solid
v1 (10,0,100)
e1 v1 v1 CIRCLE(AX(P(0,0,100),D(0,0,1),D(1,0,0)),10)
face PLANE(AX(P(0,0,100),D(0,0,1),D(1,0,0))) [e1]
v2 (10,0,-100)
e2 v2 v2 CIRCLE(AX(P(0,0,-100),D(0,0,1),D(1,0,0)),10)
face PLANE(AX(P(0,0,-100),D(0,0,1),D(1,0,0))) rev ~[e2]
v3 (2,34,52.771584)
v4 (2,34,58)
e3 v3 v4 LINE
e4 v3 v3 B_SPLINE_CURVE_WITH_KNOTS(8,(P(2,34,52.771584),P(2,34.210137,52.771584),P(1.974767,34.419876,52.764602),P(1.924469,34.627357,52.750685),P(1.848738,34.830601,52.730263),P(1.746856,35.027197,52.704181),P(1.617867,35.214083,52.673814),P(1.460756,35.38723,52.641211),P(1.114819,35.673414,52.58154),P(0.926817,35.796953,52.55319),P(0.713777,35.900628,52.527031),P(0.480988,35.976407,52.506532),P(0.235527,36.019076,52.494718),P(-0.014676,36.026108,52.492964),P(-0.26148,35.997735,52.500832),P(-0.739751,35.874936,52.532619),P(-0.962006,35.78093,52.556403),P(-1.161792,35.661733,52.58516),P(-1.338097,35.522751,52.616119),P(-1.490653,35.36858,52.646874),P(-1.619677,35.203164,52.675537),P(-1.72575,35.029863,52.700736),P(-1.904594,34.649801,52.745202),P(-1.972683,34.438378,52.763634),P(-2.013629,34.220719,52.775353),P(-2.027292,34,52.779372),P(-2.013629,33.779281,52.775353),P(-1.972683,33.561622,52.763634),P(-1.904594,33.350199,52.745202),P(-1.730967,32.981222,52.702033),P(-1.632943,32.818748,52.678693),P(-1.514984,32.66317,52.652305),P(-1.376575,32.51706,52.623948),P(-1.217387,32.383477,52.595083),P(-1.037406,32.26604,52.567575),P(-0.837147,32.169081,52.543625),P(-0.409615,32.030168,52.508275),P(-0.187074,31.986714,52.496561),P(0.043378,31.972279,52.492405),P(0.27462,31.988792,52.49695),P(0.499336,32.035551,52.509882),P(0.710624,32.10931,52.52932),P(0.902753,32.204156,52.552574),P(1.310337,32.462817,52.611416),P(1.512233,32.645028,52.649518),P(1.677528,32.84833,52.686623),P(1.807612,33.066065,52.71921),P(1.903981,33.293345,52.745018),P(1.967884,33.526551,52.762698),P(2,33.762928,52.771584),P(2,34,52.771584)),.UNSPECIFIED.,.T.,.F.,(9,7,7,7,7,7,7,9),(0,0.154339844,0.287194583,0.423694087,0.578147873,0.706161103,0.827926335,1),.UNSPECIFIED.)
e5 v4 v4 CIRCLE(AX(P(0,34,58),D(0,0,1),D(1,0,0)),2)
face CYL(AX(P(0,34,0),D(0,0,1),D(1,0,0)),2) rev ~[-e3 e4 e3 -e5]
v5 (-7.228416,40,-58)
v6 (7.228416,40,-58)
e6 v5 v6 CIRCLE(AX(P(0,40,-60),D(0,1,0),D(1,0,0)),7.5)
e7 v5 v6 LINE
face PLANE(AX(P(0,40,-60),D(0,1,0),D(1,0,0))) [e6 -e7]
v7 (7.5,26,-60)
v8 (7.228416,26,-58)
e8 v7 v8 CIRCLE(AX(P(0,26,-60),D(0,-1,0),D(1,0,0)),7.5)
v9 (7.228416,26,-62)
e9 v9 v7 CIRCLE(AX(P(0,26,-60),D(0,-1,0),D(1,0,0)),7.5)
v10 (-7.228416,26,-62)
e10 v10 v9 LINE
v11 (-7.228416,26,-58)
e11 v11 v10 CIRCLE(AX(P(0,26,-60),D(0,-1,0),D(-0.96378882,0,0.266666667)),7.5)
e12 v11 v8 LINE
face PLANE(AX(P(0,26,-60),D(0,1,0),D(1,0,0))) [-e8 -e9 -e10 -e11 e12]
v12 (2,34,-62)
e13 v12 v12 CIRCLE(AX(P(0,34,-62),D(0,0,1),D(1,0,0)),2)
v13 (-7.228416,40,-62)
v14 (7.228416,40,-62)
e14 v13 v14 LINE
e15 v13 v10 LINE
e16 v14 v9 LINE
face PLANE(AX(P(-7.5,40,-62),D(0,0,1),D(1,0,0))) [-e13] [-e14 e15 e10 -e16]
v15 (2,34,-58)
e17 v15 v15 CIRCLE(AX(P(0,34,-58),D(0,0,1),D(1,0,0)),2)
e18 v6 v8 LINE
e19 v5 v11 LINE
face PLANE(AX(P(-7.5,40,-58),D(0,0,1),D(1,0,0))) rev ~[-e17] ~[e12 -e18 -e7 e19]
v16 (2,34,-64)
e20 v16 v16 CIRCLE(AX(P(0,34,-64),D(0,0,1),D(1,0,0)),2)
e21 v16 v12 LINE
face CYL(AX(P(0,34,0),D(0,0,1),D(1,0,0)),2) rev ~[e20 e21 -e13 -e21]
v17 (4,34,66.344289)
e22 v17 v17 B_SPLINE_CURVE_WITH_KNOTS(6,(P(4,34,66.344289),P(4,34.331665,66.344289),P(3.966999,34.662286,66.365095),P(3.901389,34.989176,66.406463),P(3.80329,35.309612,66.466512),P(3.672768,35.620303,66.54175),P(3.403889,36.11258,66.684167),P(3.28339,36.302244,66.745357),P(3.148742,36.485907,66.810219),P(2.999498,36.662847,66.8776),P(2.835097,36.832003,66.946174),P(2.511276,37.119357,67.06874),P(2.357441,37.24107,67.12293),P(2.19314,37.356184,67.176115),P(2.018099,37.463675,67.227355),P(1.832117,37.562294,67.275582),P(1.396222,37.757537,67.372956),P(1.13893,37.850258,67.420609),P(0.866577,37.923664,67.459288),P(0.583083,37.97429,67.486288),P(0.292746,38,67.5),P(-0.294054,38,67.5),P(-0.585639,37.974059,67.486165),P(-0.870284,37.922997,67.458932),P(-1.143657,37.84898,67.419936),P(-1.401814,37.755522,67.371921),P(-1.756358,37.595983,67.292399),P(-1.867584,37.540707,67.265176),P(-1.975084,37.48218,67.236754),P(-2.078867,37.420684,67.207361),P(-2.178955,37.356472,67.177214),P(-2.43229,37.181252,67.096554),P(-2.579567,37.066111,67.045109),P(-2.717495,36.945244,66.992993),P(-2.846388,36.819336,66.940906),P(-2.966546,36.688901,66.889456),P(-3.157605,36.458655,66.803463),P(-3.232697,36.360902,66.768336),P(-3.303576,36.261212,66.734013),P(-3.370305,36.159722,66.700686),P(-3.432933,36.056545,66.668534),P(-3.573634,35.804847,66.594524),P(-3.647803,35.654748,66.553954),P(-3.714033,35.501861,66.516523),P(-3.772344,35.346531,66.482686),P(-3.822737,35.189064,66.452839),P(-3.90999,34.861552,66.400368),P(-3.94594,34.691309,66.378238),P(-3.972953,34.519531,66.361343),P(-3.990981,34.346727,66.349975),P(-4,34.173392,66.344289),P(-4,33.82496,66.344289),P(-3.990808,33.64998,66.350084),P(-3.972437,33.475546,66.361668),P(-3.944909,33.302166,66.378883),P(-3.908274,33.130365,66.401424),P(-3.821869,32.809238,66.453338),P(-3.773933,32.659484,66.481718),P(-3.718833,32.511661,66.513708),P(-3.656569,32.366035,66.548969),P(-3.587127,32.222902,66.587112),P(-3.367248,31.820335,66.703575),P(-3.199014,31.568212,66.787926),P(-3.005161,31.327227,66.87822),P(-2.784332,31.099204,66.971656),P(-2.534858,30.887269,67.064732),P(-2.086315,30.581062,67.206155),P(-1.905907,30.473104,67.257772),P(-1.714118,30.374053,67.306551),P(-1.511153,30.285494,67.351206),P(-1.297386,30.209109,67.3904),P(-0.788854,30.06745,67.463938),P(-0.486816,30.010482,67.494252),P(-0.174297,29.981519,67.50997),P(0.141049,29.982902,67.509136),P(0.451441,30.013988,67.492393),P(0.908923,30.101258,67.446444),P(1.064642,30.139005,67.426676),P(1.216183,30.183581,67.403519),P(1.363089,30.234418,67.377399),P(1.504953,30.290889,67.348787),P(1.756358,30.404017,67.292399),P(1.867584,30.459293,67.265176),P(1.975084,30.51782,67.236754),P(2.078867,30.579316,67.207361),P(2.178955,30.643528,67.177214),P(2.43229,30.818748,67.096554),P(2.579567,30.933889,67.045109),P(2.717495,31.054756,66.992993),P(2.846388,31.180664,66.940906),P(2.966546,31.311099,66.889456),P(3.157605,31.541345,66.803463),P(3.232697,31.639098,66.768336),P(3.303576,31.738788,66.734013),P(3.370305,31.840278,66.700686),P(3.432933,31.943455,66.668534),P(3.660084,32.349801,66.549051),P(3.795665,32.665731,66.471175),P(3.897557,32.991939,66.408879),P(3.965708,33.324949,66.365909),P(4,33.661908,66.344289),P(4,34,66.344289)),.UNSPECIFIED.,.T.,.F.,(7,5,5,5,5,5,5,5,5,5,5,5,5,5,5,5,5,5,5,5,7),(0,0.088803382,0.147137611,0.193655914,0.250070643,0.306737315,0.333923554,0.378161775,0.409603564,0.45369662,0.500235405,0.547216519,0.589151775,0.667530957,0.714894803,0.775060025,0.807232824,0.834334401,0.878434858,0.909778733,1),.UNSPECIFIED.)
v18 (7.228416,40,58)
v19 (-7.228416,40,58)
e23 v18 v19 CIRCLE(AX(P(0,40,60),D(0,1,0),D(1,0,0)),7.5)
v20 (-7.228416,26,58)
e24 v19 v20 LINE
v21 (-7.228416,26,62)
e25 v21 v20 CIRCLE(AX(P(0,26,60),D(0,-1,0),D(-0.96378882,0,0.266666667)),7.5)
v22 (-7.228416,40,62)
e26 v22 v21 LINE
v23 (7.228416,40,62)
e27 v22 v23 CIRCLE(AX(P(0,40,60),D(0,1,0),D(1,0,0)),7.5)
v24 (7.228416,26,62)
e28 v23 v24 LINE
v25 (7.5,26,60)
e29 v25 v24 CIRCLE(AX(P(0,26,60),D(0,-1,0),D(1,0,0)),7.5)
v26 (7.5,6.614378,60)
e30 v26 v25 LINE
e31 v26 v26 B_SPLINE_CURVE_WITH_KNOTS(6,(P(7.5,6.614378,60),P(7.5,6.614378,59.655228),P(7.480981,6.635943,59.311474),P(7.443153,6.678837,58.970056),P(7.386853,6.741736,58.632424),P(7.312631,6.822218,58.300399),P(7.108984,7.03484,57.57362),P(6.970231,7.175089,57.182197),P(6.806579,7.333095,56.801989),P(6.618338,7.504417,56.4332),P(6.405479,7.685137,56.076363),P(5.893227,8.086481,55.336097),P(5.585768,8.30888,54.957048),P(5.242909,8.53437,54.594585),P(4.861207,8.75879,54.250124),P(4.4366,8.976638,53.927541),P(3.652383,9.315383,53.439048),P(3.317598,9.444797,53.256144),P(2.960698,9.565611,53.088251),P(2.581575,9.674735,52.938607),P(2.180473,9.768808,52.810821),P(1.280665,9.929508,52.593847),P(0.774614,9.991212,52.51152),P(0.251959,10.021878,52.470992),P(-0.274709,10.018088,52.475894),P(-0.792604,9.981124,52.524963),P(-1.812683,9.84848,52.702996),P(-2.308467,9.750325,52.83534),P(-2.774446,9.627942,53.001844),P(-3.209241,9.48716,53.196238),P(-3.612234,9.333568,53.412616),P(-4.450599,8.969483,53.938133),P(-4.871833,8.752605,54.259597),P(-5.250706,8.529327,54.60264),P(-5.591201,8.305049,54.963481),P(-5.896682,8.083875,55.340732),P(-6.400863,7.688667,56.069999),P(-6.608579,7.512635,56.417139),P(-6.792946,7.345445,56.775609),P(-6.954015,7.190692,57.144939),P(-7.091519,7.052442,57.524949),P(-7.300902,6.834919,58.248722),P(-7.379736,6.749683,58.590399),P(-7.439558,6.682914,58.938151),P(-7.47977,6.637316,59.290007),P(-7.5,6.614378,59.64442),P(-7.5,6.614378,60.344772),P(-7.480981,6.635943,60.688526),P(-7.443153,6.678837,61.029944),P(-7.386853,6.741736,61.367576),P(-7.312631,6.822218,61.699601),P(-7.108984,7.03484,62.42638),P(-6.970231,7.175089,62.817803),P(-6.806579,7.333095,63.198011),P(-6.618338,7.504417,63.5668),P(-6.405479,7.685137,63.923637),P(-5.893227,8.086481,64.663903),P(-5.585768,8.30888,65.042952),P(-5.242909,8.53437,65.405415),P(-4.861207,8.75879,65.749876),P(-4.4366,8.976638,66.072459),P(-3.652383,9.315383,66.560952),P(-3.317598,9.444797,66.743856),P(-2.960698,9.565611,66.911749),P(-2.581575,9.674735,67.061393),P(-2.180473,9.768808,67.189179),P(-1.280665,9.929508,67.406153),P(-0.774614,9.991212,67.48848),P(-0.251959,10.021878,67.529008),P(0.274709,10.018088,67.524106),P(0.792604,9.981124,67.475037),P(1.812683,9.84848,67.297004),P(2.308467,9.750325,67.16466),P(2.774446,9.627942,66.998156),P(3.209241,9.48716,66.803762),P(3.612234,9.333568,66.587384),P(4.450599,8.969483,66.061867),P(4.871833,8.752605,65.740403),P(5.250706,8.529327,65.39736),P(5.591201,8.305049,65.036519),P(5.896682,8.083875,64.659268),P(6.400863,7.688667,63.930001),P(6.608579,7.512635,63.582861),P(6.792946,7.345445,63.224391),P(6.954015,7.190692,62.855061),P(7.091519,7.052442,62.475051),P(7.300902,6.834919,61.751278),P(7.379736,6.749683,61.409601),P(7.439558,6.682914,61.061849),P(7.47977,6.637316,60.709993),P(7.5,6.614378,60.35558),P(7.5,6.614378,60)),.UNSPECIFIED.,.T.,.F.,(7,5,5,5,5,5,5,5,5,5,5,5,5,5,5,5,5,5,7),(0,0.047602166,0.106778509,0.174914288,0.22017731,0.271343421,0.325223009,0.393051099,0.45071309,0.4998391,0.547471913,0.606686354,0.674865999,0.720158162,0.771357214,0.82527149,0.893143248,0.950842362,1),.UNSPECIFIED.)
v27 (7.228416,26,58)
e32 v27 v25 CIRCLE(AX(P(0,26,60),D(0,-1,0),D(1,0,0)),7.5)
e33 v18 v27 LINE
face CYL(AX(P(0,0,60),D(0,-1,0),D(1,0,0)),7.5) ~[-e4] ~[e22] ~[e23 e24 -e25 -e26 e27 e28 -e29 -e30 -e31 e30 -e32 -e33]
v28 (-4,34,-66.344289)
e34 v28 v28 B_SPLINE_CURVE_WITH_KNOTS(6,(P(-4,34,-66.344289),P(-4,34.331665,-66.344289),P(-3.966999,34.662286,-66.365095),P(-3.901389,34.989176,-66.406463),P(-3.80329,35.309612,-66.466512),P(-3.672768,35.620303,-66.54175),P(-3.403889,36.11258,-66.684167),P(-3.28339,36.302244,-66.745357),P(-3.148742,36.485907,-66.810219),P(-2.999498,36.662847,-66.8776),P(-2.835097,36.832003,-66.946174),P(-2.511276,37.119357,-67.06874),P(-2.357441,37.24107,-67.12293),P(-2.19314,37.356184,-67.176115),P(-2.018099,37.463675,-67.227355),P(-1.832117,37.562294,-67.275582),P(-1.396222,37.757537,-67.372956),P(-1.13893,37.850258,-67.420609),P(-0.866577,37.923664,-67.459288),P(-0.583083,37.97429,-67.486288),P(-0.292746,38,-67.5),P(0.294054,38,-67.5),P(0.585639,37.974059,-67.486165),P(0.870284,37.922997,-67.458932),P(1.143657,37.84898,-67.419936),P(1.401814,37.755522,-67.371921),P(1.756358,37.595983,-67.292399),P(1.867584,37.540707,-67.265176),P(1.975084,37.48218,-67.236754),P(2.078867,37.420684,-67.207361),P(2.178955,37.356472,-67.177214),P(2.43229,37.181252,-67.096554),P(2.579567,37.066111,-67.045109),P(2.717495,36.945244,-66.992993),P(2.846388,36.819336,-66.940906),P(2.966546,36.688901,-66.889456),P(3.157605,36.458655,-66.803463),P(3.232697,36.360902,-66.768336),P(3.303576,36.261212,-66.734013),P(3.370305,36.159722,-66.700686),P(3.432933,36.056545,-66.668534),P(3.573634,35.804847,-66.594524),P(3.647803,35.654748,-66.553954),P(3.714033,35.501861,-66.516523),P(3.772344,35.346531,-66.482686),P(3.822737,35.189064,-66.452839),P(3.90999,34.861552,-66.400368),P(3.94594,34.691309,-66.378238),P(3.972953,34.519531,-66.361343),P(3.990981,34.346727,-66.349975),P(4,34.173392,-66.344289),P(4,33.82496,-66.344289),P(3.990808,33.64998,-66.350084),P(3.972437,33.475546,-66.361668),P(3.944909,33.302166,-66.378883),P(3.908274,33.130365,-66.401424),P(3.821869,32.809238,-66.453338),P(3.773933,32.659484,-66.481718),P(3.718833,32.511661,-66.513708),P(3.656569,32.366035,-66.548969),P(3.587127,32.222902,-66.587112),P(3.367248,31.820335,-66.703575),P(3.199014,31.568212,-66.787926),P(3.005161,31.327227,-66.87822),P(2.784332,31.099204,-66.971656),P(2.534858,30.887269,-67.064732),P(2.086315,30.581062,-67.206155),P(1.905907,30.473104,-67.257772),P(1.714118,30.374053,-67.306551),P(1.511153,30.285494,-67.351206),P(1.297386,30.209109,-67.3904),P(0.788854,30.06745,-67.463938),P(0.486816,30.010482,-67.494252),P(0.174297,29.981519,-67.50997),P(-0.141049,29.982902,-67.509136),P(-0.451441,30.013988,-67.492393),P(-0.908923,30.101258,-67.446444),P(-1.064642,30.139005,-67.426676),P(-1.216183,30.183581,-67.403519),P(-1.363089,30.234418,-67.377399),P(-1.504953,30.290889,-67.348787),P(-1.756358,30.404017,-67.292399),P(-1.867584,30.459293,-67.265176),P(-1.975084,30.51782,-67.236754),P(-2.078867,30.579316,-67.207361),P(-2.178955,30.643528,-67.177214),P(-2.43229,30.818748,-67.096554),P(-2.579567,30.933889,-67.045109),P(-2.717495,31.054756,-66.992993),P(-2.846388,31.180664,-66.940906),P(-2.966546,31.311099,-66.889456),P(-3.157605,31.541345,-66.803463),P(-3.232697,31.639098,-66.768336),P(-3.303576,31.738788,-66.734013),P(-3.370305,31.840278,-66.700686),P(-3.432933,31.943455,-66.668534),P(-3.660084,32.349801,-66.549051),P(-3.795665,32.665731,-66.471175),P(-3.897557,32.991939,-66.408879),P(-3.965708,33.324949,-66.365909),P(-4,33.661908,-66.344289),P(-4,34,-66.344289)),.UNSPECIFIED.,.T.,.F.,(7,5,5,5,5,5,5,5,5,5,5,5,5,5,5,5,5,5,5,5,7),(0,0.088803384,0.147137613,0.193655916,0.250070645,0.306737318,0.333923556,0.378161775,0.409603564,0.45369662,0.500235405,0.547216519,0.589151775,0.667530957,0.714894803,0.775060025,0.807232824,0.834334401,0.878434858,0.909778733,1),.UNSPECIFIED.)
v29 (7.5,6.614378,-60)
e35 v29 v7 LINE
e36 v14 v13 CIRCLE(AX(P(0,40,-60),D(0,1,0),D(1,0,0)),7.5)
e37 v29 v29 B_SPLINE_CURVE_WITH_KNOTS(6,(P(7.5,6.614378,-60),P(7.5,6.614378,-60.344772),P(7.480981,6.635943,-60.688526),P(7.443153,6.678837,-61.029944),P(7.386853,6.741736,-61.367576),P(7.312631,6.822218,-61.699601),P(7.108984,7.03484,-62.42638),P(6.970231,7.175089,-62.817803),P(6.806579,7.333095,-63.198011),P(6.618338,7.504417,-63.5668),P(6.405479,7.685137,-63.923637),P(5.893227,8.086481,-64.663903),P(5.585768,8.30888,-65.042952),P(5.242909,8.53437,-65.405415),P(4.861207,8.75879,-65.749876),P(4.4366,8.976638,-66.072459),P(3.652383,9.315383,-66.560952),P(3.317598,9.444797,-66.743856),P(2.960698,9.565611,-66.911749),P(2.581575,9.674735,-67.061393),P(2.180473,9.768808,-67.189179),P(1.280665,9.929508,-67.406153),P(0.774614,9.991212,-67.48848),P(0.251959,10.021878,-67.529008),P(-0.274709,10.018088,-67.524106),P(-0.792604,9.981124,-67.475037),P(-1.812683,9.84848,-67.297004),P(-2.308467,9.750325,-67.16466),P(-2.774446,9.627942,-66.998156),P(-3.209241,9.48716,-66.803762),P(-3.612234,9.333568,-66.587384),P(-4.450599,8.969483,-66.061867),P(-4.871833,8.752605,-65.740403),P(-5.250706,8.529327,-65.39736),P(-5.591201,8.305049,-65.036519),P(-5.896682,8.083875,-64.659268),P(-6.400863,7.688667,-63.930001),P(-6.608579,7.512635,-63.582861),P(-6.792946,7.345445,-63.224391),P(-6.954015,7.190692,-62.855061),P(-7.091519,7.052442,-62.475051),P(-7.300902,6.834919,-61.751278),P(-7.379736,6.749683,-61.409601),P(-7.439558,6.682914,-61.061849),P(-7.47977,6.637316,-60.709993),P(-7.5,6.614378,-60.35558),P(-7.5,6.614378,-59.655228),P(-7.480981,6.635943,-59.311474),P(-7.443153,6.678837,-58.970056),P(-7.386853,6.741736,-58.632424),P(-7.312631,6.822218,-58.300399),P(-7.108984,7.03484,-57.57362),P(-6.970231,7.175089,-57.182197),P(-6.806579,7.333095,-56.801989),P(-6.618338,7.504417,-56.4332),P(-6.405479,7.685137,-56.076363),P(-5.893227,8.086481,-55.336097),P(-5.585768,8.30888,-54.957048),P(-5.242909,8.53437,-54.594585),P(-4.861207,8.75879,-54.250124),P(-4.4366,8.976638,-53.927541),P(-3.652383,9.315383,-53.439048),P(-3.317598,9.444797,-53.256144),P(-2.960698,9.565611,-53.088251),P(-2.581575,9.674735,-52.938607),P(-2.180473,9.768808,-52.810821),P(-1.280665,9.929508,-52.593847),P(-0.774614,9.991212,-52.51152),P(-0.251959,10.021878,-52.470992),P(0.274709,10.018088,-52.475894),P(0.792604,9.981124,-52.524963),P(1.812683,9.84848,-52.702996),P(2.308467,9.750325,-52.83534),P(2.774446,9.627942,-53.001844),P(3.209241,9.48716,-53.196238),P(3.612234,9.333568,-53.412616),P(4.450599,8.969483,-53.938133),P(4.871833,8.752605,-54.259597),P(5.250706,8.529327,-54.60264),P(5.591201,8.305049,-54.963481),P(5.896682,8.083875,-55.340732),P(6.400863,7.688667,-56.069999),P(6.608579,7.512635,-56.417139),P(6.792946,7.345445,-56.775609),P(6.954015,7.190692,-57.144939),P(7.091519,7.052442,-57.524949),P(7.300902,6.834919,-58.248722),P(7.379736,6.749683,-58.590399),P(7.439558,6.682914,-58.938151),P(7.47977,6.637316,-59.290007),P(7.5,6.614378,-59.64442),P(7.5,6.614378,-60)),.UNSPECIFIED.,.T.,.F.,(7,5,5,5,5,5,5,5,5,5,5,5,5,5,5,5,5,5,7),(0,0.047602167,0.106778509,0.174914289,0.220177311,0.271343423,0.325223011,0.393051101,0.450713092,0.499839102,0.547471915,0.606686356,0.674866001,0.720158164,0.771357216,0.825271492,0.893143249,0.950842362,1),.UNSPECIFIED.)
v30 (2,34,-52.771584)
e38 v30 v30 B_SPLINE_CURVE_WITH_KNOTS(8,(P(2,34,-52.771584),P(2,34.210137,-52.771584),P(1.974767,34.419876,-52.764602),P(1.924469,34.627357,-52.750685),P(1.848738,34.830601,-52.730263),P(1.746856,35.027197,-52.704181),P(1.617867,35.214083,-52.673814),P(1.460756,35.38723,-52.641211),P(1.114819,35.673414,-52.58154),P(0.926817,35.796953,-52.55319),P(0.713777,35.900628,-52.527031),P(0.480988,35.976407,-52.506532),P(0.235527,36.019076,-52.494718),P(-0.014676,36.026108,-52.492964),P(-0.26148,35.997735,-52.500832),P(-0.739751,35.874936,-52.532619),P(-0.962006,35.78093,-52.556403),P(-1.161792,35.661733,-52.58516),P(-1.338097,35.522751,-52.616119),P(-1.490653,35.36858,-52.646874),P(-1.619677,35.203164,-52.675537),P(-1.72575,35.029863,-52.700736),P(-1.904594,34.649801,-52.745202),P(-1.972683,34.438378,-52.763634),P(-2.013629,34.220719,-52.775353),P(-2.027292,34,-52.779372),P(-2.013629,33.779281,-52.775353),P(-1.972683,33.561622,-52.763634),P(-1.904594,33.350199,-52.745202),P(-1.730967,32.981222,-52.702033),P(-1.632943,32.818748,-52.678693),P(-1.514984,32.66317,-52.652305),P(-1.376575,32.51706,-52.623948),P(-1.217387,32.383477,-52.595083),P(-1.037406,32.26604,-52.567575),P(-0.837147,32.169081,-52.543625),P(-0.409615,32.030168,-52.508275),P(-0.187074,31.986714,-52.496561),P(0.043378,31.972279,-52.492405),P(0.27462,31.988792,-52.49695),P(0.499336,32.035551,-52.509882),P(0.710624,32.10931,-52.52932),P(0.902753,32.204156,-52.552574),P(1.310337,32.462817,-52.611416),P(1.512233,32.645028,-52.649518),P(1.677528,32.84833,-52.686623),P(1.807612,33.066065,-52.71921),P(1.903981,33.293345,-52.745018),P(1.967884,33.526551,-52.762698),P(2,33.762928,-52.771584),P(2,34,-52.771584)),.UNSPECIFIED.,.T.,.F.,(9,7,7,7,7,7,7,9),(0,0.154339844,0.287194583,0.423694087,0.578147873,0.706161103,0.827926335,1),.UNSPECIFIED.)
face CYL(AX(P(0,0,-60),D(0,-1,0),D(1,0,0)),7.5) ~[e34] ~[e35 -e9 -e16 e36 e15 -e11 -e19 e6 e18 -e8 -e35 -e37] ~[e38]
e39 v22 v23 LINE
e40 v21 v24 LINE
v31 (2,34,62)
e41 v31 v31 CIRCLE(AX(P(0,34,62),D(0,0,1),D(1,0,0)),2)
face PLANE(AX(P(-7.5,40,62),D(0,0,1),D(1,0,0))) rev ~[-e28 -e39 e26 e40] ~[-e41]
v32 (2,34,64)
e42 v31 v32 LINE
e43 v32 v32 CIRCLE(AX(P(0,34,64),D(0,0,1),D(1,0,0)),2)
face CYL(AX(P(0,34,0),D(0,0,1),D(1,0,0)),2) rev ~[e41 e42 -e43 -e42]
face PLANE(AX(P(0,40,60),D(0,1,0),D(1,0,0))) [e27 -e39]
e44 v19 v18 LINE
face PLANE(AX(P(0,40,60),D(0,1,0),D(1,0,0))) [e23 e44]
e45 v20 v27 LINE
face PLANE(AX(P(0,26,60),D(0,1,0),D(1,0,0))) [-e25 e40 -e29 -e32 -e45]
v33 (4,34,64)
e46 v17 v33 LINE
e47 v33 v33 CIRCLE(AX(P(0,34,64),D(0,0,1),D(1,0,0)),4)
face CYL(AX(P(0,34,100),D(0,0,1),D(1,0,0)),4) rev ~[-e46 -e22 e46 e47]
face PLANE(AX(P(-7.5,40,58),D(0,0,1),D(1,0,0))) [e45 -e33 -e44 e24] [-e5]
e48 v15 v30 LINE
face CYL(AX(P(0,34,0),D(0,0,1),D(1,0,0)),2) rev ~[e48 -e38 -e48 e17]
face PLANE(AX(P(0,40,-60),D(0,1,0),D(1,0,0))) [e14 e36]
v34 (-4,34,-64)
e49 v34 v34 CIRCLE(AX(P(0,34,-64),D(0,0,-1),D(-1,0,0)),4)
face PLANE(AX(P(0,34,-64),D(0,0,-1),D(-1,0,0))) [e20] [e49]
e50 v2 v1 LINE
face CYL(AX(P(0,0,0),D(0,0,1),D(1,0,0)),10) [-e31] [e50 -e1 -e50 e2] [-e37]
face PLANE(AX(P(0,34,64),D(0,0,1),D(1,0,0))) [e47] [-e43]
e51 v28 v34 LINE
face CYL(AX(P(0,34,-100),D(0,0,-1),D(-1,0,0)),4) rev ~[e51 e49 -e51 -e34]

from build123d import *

# Parameters (mm, degrees)
SKETCH1_R           = 10
BOSS_EXTRUDE1_DEPTH = 100
SKETCH2_R           = 7.5
BOSS_EXTRUDE2_DEPTH = 40
SKETCH3_W           = 15
SKETCH3_H           = 4
CUT_EXTRUDE1_DEPTH  = 14
SKETCH4_R           = 2
CUT_EXTRUDE2_DEPTH  = 70
SKETCH5_R           = 4
CUT_EXTRUDE3_DEPTH  = 36
SKETCH6_R           = 4
CUT_EXTRUDE4_DEPTH  = 36


with BuildPart() as part:
    # Sketch1 → Boss-Extrude1 (new body, symmetric)
    with BuildSketch(Plane.XY):
        Circle(SKETCH1_R)
    extrude(amount=BOSS_EXTRUDE1_DEPTH, both=True)

    # Sketch2 → Boss-Extrude2 (add)
    with BuildSketch(Plane(origin=(0, 0, 0), x_dir=(1, 0, 0), z_dir=(0, 1, 0))):
        with Locations((0, 60)):
            Circle(SKETCH2_R)
        with Locations((0, -60)):
            Circle(SKETCH2_R)
    extrude(amount=BOSS_EXTRUDE2_DEPTH)

    # Sketch3 → Cut-Extrude1 (cut)
    with BuildSketch(Plane(origin=(0, 40, 0), x_dir=(1, 0, 0), z_dir=(0, 1, 0))):
        with Locations((0, -60)):
            Rectangle(SKETCH3_W, SKETCH3_H)
        with Locations((0, 60)):
            Rectangle(SKETCH3_W, SKETCH3_H)
    extrude(amount=-CUT_EXTRUDE1_DEPTH, mode=Mode.SUBTRACT)

    # Sketch4 → Cut-Extrude2 (cut, symmetric)
    with BuildSketch(Plane.XY):
        with Locations((0, 34)):
            Circle(SKETCH4_R)
    extrude(amount=CUT_EXTRUDE2_DEPTH, both=True, mode=Mode.SUBTRACT)

    # Sketch5 → Cut-Extrude3 (cut)
    with BuildSketch(Plane(origin=(0, 0, -100), x_dir=(-1, 0, 0), z_dir=(0, 0, -1))):
        with Locations((0, 34)):
            Circle(SKETCH5_R)
    extrude(amount=-CUT_EXTRUDE3_DEPTH, mode=Mode.SUBTRACT)

    # Sketch6 → Cut-Extrude4 (cut)
    with BuildSketch(Plane.XY.offset(100)):
        with Locations((0, 34)):
            Circle(SKETCH6_R)
    extrude(amount=-CUT_EXTRUDE4_DEPTH, mode=Mode.SUBTRACT)


solid = part.part
